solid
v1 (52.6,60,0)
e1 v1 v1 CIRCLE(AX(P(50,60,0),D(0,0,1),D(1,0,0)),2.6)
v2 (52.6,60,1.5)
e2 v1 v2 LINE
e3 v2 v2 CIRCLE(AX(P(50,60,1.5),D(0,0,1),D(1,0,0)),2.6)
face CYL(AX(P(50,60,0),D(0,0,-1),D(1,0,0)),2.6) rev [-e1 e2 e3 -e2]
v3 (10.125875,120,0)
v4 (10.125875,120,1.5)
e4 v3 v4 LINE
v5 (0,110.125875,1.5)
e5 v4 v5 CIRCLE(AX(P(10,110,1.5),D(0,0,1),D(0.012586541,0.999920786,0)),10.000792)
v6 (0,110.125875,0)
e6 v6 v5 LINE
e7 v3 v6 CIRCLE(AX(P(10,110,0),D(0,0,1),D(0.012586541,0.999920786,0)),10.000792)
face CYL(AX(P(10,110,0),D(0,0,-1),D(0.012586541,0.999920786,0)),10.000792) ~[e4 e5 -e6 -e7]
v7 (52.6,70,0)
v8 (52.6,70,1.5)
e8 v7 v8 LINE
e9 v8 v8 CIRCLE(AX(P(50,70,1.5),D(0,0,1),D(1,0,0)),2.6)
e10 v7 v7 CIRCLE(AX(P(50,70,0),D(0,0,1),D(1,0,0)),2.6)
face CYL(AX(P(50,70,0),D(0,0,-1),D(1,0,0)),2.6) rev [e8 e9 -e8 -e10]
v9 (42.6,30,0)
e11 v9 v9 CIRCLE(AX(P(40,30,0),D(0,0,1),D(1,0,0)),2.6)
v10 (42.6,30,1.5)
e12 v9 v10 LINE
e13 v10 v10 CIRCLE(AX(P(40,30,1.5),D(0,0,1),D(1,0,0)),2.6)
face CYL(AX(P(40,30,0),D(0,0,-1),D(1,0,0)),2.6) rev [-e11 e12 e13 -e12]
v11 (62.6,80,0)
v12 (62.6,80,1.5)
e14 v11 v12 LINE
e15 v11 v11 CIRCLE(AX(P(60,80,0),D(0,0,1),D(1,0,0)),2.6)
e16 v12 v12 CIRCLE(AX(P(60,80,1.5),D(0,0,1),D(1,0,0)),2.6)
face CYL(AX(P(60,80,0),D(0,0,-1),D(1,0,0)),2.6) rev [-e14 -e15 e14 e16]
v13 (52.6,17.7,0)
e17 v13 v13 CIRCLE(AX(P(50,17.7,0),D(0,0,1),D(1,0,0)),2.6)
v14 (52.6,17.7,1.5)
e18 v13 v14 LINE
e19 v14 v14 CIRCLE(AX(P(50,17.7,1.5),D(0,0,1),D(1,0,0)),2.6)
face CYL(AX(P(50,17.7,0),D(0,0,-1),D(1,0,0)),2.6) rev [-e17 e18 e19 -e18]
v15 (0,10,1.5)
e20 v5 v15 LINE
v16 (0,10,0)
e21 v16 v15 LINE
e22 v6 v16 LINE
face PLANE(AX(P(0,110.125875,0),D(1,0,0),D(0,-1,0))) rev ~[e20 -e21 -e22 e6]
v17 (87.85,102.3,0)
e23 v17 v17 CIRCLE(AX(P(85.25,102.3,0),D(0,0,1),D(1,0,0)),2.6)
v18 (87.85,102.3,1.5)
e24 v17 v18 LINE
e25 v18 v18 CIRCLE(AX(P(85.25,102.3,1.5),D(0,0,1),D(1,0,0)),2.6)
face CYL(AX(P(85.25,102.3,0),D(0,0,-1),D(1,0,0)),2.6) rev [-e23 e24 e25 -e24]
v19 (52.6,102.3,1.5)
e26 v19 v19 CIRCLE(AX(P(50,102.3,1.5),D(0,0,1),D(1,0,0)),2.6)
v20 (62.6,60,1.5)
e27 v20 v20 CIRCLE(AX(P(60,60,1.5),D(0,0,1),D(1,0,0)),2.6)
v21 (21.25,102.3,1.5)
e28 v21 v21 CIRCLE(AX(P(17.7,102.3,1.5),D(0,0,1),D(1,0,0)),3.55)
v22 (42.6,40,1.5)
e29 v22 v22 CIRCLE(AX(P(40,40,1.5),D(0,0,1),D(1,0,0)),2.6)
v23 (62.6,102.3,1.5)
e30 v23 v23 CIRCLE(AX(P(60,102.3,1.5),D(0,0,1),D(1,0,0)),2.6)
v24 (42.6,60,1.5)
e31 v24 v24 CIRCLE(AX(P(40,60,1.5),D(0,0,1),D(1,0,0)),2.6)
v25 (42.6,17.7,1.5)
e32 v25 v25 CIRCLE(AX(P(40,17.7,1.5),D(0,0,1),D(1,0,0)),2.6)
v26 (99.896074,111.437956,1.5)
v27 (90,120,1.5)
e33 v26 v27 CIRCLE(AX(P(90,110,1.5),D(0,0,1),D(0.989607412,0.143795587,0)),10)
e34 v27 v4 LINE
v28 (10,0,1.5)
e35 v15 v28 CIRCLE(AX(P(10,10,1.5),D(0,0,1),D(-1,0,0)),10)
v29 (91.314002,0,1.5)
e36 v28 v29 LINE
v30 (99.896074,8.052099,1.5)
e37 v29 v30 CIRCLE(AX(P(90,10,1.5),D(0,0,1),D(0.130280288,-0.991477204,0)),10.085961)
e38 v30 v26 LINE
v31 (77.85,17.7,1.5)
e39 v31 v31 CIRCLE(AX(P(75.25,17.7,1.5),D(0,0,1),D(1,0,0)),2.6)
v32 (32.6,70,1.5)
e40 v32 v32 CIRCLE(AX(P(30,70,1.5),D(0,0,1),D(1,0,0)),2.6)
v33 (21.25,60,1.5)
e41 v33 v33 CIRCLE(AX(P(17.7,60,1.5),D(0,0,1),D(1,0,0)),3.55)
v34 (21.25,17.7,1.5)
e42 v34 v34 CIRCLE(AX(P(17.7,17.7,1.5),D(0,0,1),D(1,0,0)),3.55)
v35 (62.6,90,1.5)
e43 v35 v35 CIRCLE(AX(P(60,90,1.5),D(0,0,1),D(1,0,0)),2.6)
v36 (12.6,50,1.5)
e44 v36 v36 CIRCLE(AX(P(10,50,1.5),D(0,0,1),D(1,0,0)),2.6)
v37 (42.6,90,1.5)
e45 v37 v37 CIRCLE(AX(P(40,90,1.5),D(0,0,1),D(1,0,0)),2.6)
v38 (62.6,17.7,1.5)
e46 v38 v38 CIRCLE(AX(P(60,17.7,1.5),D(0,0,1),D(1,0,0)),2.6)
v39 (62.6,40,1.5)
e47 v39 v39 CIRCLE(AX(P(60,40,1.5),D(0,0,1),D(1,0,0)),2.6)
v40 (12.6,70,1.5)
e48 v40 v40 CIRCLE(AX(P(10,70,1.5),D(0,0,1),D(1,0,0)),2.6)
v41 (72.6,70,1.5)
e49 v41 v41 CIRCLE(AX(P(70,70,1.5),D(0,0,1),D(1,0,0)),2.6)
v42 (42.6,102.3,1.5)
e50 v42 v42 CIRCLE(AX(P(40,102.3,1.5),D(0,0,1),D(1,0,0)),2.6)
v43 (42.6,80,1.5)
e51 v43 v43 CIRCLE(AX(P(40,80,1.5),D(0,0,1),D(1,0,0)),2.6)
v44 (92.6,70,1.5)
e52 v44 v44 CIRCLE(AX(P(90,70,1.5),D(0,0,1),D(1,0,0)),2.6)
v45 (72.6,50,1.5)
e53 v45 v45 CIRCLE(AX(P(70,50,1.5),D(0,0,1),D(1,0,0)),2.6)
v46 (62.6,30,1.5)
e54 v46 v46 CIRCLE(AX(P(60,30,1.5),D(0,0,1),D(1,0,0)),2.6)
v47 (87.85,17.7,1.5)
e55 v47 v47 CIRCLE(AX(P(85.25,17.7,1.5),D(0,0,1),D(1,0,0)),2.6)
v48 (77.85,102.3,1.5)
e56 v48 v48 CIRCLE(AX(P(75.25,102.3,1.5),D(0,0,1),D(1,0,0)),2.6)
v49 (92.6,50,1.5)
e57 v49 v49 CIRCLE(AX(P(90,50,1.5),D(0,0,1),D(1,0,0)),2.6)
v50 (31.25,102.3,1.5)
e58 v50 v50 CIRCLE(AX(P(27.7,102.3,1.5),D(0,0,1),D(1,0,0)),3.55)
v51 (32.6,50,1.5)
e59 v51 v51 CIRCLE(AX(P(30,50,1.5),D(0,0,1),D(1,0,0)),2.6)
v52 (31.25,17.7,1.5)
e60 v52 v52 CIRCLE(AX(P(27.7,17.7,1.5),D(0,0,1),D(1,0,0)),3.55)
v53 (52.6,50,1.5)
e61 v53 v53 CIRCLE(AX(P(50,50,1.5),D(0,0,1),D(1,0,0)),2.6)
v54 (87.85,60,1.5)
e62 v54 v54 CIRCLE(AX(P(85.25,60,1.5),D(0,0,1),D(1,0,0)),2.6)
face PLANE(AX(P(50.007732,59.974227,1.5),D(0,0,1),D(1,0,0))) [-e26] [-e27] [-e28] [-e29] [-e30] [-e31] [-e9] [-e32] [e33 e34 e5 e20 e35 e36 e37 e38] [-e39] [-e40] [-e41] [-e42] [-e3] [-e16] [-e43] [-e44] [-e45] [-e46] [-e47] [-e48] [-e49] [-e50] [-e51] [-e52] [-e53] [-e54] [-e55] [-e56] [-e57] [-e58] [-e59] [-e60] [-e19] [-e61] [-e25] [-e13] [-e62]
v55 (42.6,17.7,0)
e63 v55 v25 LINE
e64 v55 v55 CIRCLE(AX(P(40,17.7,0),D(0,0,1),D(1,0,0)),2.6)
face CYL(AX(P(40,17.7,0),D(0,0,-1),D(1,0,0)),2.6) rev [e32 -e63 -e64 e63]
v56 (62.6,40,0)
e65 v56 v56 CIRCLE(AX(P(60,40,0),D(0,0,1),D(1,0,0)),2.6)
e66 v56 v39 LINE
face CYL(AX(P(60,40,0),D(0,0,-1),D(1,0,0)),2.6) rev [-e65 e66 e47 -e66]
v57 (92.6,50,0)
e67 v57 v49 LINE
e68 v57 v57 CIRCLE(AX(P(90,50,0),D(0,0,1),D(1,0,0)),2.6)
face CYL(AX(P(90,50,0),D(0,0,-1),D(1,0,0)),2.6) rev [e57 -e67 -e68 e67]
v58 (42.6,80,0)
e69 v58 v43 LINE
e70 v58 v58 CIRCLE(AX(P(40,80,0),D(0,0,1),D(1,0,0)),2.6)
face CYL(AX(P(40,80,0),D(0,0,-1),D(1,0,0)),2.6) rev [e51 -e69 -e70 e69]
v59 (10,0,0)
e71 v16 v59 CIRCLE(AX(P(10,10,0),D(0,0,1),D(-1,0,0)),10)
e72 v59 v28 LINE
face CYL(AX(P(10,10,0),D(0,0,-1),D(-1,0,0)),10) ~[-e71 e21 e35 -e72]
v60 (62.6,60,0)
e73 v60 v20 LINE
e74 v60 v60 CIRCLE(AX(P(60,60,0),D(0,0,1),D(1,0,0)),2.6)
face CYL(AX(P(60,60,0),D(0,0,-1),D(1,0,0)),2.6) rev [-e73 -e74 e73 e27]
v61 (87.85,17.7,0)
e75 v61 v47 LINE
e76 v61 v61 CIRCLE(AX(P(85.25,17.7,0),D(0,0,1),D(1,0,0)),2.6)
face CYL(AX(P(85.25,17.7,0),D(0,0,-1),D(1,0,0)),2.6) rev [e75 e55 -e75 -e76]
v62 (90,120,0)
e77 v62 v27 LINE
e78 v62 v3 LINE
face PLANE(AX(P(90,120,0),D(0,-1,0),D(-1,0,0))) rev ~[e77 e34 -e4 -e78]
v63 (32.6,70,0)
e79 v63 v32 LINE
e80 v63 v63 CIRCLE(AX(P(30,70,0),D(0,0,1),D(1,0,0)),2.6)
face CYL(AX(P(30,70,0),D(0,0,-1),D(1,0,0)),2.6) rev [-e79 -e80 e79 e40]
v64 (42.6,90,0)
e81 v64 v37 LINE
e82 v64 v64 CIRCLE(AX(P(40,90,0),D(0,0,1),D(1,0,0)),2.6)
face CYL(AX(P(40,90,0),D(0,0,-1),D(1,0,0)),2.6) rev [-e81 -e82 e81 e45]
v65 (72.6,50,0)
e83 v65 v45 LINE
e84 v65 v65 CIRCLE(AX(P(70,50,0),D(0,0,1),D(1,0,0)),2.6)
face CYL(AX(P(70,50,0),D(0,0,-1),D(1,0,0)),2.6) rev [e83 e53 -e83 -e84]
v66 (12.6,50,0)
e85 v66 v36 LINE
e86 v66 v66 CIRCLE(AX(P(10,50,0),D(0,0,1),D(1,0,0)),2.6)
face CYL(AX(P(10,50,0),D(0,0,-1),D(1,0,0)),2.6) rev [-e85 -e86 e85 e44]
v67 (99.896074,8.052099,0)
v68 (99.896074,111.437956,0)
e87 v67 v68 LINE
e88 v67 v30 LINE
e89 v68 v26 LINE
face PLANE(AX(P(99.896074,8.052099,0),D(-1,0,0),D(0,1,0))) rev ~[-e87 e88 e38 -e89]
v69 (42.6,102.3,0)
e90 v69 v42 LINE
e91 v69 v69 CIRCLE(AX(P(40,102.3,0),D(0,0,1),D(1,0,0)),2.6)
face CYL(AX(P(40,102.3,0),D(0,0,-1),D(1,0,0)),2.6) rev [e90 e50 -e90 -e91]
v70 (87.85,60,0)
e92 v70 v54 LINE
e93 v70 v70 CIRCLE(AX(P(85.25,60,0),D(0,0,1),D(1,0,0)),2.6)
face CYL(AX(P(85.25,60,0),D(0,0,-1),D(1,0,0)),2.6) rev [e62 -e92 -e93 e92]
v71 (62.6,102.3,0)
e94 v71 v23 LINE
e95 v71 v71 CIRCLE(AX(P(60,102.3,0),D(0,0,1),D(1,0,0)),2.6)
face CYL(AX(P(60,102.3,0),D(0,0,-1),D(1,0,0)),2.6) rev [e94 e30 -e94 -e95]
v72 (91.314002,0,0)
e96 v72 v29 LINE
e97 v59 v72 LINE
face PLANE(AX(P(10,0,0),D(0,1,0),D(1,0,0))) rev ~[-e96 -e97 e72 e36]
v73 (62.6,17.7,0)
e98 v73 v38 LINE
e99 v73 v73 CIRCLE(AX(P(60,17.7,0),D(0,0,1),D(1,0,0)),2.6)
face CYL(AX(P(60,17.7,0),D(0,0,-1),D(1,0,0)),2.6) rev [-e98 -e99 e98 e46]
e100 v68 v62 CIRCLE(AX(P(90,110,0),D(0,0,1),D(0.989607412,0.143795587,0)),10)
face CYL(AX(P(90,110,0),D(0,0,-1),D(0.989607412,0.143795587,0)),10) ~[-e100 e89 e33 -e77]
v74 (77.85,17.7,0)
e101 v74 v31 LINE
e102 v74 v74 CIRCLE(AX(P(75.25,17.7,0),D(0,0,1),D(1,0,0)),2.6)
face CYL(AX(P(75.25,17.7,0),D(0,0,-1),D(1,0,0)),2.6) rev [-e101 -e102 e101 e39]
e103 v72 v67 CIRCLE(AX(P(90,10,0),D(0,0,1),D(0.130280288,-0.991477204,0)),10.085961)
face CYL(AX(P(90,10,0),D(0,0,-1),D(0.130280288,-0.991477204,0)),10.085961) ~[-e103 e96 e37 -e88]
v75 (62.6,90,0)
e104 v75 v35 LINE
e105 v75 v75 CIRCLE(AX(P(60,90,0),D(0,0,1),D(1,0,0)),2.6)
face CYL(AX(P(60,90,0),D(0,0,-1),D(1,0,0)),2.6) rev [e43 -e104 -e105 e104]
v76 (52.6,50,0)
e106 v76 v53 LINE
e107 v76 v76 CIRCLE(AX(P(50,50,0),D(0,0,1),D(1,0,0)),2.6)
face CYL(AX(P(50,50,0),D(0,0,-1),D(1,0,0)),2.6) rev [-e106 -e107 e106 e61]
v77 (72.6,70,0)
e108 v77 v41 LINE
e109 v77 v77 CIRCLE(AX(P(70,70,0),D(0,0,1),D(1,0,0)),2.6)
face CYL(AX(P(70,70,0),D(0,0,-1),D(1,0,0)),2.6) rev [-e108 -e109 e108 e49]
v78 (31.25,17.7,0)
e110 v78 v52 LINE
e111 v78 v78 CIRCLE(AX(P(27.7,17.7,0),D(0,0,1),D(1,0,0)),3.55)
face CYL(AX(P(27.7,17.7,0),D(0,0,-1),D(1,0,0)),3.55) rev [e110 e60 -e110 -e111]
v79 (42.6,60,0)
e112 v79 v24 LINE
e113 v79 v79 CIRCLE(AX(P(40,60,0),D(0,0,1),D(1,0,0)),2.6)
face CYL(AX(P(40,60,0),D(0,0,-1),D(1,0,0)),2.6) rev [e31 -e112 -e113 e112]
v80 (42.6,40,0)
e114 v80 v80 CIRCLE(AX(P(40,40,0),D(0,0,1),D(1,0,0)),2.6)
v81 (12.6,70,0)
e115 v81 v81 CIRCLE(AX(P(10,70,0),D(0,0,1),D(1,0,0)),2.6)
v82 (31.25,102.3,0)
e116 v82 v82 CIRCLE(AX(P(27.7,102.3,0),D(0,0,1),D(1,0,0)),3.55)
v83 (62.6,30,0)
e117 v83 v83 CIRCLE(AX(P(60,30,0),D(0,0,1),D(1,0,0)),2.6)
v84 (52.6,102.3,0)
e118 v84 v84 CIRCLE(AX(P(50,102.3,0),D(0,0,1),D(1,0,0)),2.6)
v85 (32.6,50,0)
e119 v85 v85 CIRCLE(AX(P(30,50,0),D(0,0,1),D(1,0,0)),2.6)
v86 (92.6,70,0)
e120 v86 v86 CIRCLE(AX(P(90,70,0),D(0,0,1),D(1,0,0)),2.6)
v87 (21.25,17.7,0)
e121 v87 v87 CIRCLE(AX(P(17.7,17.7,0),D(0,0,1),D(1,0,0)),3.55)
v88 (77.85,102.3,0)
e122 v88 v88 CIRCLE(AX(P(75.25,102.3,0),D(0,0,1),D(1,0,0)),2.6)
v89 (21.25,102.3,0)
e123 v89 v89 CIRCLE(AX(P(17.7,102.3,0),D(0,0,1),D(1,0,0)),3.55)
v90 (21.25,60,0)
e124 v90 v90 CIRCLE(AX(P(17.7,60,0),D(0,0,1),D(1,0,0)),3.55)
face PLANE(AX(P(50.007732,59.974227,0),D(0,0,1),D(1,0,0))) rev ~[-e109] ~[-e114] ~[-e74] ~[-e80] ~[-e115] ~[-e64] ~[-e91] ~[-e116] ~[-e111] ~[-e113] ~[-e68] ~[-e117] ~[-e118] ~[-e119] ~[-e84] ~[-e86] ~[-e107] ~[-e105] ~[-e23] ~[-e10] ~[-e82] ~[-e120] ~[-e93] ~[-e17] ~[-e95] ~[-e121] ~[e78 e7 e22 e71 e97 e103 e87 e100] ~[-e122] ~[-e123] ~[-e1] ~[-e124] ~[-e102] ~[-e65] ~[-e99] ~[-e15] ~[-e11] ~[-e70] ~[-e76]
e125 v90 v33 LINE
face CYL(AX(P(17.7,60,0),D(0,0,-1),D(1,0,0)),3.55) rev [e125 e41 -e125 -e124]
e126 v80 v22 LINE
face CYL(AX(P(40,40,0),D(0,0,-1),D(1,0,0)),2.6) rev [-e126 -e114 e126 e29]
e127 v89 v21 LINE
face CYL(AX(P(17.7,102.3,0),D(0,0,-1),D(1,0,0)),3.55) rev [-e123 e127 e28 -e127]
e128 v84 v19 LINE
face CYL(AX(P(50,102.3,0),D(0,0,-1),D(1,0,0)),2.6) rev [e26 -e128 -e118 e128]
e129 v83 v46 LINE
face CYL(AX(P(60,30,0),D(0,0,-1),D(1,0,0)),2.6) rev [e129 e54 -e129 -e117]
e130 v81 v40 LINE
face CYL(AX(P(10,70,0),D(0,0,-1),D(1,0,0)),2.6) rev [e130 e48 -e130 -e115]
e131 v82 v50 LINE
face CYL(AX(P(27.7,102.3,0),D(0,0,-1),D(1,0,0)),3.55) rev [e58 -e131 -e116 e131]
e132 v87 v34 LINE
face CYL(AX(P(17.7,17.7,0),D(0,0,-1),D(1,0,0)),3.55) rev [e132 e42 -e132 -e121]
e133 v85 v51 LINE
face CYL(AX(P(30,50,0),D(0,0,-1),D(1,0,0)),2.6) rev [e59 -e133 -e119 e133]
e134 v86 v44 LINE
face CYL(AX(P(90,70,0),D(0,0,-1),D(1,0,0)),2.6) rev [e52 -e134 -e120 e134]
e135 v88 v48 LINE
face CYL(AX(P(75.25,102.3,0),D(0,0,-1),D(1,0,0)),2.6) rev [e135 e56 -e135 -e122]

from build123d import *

# Parameters (mm, degrees)
SKETCH6_R           = 2.6
SKETCH6_R_2         = 3.55
BOSS_EXTRUDE2_DEPTH = 1.5


with BuildPart() as part:
    # Sketch6 → Boss-Extrude2 (new body)
    with BuildSketch(Plane.XY):
        with BuildLine():
            Line((90, 120), (10.125875384, 120))
            ThreePointArc((10.125875384, 120), (3.017939526, 117.160075149), (0, 110.125875384))
            Line((0, 110.125875384), (0, 10))
            ThreePointArc((0, 10), (2.928932188, 2.928932188), (10, 0))
            Line((10, 0), (91.314001846, 0))
            ThreePointArc((91.314001846, 0), (96.901124962, 2.644656697), (99.896074117, 8.052099098))
            Line((99.896074117, 8.052099098), (99.896074117, 111.437955866))
            ThreePointArc((99.896074117, 111.437955866), (96.542951984, 117.562392434), (90, 120))
        make_face()
        with Locations((50, 17.7)):
            Circle(SKETCH6_R, mode=Mode.SUBTRACT)
        with Locations((17.7, 17.7)):
            Circle(SKETCH6_R_2, mode=Mode.SUBTRACT)
        with Locations((75.25, 17.7)):
            Circle(SKETCH6_R, mode=Mode.SUBTRACT)
        with Locations((40, 17.7)):
            Circle(SKETCH6_R, mode=Mode.SUBTRACT)
        with Locations((60, 90)):
            Circle(SKETCH6_R, mode=Mode.SUBTRACT)
        with Locations((40, 90)):
            Circle(SKETCH6_R, mode=Mode.SUBTRACT)
        with Locations((60, 102.3)):
            Circle(SKETCH6_R, mode=Mode.SUBTRACT)
        with Locations((10, 50)):
            Circle(SKETCH6_R, mode=Mode.SUBTRACT)
        with Locations((70, 50)):
            Circle(SKETCH6_R, mode=Mode.SUBTRACT)
        with Locations((90, 70)):
            Circle(SKETCH6_R, mode=Mode.SUBTRACT)
        with Locations((30, 70)):
            Circle(SKETCH6_R, mode=Mode.SUBTRACT)
        with Locations((10, 70)):
            Circle(SKETCH6_R, mode=Mode.SUBTRACT)
        with Locations((17.7, 102.3)):
            Circle(SKETCH6_R_2, mode=Mode.SUBTRACT)
        with Locations((60, 30)):
            Circle(SKETCH6_R, mode=Mode.SUBTRACT)
        with Locations((85.25, 60)):
            Circle(SKETCH6_R, mode=Mode.SUBTRACT)
        with Locations((40, 60)):
            Circle(SKETCH6_R, mode=Mode.SUBTRACT)
        with Locations((60, 40)):
            Circle(SKETCH6_R, mode=Mode.SUBTRACT)
        with Locations((50, 102.3)):
            Circle(SKETCH6_R, mode=Mode.SUBTRACT)
        with Locations((50, 60)):
            Circle(SKETCH6_R, mode=Mode.SUBTRACT)
        with Locations((50, 70)):
            Circle(SKETCH6_R, mode=Mode.SUBTRACT)
        with Locations((50, 50)):
            Circle(SKETCH6_R, mode=Mode.SUBTRACT)
        with Locations((60, 60)):
            Circle(SKETCH6_R, mode=Mode.SUBTRACT)
        with Locations((17.7, 60)):
            Circle(SKETCH6_R_2, mode=Mode.SUBTRACT)
        with Locations((85.25, 102.3)):
            Circle(SKETCH6_R, mode=Mode.SUBTRACT)
        with Locations((40, 40)):
            Circle(SKETCH6_R, mode=Mode.SUBTRACT)
        with Locations((27.7, 102.3)):
            Circle(SKETCH6_R_2, mode=Mode.SUBTRACT)
        with Locations((40, 30)):
            Circle(SKETCH6_R, mode=Mode.SUBTRACT)
        with Locations((70, 70)):
            Circle(SKETCH6_R, mode=Mode.SUBTRACT)
        with Locations((90, 50)):
            Circle(SKETCH6_R, mode=Mode.SUBTRACT)
        with Locations((30, 50)):
            Circle(SKETCH6_R, mode=Mode.SUBTRACT)
        with Locations((75.25, 102.3)):
            Circle(SKETCH6_R, mode=Mode.SUBTRACT)
        with Locations((40, 102.3)):
            Circle(SKETCH6_R, mode=Mode.SUBTRACT)
        with Locations((40, 80)):
            Circle(SKETCH6_R, mode=Mode.SUBTRACT)
        with Locations((60, 80)):
            Circle(SKETCH6_R, mode=Mode.SUBTRACT)
        with Locations((60, 17.7)):
            Circle(SKETCH6_R, mode=Mode.SUBTRACT)
        with Locations((27.7, 17.7)):
            Circle(SKETCH6_R_2, mode=Mode.SUBTRACT)
        with Locations((85.25, 17.7)):
            Circle(SKETCH6_R, mode=Mode.SUBTRACT)
    extrude(amount=BOSS_EXTRUDE2_DEPTH)


solid = part.part
